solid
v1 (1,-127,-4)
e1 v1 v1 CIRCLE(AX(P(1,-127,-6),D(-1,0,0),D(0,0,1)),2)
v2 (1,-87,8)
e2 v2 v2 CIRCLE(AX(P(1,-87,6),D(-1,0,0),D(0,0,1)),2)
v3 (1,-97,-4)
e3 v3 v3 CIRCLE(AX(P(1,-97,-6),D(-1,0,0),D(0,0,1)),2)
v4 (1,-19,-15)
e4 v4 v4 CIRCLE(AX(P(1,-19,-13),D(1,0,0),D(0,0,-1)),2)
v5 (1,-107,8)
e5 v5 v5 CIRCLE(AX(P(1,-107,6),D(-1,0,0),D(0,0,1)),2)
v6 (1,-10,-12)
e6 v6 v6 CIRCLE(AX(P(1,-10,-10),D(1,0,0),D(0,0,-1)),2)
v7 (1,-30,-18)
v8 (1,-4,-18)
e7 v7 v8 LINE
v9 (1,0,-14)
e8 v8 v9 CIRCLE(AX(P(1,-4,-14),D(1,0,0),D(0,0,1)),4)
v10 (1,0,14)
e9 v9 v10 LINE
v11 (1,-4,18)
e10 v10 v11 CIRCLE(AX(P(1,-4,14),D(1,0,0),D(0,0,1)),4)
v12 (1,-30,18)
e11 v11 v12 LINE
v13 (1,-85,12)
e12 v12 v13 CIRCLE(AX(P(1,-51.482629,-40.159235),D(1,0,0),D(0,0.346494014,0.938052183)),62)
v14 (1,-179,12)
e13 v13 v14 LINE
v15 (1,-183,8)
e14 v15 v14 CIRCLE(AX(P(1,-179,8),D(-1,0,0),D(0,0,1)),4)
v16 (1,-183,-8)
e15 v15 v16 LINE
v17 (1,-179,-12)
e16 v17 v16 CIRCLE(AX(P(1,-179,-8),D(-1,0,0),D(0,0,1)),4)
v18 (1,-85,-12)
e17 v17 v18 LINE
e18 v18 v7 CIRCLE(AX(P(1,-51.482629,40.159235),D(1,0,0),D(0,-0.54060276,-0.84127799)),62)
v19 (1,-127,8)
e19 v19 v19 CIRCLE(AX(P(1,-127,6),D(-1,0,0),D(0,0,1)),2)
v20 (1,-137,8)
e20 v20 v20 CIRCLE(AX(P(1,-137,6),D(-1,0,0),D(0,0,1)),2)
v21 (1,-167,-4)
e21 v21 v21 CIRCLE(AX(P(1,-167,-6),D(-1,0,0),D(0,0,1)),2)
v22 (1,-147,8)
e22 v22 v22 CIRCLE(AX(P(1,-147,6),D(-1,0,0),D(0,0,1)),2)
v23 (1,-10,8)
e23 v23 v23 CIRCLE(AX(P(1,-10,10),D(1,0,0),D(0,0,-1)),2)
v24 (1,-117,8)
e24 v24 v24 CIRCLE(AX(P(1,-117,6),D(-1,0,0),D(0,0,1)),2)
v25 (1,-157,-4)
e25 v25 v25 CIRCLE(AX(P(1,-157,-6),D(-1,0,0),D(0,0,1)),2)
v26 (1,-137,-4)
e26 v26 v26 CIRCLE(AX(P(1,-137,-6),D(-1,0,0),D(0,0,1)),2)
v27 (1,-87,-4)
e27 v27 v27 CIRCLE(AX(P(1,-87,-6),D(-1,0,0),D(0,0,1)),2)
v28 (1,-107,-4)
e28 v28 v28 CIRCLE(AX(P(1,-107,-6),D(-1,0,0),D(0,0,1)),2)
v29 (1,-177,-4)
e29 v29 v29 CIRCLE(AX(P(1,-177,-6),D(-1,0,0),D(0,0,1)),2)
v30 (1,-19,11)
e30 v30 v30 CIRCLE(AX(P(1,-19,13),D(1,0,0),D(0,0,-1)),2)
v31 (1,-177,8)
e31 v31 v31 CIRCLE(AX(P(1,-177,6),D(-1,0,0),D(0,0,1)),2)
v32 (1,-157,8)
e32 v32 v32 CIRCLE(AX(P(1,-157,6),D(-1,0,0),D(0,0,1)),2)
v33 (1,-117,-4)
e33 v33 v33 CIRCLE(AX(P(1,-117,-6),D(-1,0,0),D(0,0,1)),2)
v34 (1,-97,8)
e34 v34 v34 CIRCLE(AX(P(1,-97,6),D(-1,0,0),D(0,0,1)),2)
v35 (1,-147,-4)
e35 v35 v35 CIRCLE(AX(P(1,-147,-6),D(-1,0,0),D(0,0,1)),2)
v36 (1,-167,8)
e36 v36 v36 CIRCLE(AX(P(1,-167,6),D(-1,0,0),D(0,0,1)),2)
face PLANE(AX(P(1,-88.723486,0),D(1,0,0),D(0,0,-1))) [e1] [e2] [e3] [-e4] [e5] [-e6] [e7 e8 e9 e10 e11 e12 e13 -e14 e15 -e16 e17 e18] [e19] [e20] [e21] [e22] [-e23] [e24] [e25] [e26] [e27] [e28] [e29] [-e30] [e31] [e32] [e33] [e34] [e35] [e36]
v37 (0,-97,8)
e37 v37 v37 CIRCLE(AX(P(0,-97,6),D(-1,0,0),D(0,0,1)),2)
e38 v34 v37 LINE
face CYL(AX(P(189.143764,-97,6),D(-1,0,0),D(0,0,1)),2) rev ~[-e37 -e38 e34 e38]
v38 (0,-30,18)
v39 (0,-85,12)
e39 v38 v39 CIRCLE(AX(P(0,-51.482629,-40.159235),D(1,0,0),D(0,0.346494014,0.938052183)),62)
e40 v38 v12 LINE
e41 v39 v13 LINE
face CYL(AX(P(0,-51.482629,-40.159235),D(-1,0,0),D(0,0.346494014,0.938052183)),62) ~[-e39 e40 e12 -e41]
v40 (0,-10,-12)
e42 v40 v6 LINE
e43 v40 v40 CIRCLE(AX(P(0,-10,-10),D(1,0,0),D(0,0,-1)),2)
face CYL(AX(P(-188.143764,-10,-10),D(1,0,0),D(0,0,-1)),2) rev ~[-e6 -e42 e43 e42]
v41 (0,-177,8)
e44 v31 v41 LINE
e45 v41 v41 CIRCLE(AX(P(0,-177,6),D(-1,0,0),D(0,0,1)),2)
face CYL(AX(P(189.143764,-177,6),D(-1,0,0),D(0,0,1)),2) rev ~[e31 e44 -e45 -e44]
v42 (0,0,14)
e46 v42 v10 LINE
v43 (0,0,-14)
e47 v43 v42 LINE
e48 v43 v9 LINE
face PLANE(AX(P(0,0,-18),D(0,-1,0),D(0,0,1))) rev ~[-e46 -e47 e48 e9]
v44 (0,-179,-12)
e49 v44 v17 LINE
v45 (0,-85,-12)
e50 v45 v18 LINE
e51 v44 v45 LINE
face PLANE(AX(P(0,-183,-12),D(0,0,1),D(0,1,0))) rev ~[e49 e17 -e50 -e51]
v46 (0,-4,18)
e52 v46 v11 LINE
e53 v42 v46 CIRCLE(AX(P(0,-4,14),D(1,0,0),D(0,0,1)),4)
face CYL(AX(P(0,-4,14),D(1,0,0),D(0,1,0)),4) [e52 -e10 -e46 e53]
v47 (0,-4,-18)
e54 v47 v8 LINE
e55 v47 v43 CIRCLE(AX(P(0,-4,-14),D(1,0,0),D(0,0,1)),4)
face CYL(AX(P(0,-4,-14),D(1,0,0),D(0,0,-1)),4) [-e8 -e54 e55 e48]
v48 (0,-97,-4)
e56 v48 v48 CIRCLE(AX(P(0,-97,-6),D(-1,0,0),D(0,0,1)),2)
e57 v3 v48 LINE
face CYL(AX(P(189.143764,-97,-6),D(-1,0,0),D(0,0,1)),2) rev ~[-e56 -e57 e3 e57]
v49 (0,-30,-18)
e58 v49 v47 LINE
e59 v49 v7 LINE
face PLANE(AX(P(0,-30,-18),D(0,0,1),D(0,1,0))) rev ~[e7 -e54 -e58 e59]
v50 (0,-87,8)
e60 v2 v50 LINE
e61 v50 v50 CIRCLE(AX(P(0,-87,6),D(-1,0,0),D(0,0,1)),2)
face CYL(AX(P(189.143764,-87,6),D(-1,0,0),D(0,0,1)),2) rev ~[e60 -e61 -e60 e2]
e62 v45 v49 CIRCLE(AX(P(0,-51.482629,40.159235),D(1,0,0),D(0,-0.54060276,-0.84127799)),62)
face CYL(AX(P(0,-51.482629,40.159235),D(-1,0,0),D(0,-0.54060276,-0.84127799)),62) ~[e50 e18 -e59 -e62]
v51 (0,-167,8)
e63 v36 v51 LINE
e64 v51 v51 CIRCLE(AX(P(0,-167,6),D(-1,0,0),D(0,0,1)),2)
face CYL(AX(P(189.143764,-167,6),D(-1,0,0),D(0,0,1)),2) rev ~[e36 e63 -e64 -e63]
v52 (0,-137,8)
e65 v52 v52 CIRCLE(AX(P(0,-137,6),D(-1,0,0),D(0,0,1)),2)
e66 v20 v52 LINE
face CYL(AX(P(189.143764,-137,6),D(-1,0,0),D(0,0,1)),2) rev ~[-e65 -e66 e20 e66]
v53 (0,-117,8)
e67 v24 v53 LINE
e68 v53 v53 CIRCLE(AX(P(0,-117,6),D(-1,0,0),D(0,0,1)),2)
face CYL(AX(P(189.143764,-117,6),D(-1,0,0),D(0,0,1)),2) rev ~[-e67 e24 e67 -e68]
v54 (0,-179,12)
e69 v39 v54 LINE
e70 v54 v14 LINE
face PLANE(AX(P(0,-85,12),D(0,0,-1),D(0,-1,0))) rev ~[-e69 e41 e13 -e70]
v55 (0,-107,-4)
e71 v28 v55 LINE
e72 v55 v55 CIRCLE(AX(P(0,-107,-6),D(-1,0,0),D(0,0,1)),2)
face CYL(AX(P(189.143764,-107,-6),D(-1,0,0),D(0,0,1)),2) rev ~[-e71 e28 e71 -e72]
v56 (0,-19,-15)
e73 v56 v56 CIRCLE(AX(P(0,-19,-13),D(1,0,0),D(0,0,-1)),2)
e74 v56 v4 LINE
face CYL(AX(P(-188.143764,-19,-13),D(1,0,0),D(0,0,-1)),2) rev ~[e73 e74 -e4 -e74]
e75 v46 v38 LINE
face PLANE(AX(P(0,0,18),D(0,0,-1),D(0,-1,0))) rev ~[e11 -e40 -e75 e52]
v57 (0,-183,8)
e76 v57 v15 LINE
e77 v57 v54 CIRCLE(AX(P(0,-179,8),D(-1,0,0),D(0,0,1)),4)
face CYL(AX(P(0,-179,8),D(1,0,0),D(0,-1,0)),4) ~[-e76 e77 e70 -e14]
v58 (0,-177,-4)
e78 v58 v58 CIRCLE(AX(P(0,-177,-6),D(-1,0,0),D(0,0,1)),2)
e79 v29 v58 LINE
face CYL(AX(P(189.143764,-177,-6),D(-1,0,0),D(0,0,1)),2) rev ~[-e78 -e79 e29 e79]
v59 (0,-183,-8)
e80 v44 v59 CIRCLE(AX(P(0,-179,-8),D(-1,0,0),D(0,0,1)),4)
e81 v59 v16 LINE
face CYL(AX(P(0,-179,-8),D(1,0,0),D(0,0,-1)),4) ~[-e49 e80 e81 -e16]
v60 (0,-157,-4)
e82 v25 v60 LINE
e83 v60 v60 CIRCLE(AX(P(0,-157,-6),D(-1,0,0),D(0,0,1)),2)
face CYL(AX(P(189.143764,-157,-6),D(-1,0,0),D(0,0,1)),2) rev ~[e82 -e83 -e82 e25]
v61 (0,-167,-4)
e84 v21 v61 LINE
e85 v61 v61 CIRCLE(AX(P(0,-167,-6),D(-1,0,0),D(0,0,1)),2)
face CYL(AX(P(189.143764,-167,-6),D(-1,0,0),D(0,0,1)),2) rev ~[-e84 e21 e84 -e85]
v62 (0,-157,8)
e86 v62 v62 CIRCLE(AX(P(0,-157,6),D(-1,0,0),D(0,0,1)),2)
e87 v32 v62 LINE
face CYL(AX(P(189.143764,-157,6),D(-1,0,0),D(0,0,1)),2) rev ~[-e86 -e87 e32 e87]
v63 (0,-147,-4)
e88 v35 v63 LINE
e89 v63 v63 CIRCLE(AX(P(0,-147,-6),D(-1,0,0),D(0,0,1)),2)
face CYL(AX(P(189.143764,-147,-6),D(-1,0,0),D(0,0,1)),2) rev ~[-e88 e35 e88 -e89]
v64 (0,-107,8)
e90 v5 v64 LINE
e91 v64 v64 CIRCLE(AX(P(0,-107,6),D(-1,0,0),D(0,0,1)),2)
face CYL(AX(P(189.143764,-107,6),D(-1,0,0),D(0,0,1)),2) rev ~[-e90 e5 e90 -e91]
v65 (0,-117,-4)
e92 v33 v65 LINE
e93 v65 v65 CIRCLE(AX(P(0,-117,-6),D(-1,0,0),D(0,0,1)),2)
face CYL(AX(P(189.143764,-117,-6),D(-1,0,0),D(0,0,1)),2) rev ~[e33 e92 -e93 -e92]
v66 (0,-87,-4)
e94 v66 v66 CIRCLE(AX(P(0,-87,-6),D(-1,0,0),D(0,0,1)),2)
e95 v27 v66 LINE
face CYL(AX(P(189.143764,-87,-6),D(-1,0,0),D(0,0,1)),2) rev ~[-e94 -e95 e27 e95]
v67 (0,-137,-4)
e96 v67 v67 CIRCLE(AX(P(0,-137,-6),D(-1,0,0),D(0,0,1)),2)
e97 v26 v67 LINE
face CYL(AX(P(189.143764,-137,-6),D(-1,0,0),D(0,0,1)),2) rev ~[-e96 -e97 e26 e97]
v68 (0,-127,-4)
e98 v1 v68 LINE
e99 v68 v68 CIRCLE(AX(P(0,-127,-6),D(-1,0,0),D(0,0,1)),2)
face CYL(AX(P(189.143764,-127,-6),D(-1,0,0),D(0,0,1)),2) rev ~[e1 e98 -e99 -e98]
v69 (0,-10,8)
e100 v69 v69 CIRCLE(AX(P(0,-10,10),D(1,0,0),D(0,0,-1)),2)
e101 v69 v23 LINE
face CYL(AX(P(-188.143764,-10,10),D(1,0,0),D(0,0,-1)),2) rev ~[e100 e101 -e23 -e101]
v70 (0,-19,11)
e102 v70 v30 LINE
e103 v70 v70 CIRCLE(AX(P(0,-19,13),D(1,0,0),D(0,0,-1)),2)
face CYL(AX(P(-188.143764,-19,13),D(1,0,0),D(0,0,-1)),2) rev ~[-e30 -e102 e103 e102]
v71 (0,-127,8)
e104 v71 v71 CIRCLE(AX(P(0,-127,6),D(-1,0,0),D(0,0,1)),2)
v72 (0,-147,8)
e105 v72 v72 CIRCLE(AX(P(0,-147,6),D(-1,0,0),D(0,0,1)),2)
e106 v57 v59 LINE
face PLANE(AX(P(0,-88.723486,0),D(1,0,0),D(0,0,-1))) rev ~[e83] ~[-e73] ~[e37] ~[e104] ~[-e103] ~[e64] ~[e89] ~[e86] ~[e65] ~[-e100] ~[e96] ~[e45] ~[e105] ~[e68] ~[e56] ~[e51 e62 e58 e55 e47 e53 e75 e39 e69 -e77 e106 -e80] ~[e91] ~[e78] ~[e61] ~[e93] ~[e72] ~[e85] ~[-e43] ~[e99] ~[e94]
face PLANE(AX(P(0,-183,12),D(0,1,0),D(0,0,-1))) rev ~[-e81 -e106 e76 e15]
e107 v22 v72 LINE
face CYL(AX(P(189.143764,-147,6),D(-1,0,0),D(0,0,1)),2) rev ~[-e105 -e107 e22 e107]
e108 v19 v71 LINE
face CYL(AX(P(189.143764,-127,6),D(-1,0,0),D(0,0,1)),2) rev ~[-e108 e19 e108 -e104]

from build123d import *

# Parameters (mm, degrees)
BOSS_EXTRUDE1_DEPTH      = 1
F_4_0_4_DIAMETER_HOLE3_D = 4
F_4_0_4_DIAMETER_HOLE2_D = 4
F_4_0_4_DIAMETER_HOLE1_D = 4
LPATTERN1_COUNT          = 10
LPATTERN1_PITCH          = 10
FILLET1_R                = 4


with BuildPart() as part:
    # Sketch1 → Boss-Extrude1 (new body)
    with BuildSketch(Plane(origin=(0, 0, 0), x_dir=(0, 0, -1), z_dir=(1, 0, 0))):
        with BuildLine():
            Line((12, -183), (12, -85))
            ThreePointArc((12, -85), (21.475099597, -58.206374501), (18, -30))
            Line((18, -30), (18, 0))
            Line((18, 0), (-18, 0))
            Line((-18, 0), (-18, -30))
            ThreePointArc((-18, -30), (-21.475099597, -58.206374501), (-12, -85))
            Line((-12, -85), (-12, -183))
            Line((-12, -183), (12, -183))
        make_face()
    extrude(amount=BOSS_EXTRUDE1_DEPTH)

    # Ø4.0 (4) Diameter Hole3 (through all)
    with Locations(Plane.ZY):
        with Locations((10, -10), (-10, -10)):
            Hole(F_4_0_4_DIAMETER_HOLE3_D / 2)

    # Ø4.0 (4) Diameter Hole2 (through all)
    with Locations(Plane.ZY):
        with Locations((-13, -19), (13, -19)):
            Hole(F_4_0_4_DIAMETER_HOLE2_D / 2)

    # Ø4.0 (4) Diameter Hole1 (through all)
    with Locations(Plane(origin=(1, 0, 0), x_dir=(0, 0, -1), z_dir=(1, 0, 0))):
        with Locations((-6, -177), (6, -177)):
            f_4_0_4_diameter_hole1 = Hole(F_4_0_4_DIAMETER_HOLE1_D / 2)

    # LPattern1: Ø4.0 (4) Diameter Hole1 ×10
    with Locations(*[(0, i * LPATTERN1_PITCH, 0) for i in range(1, LPATTERN1_COUNT)]):
        add(f_4_0_4_diameter_hole1, mode=Mode.SUBTRACT)

    # Fillet1
    fillet1_edges = [part.edges().sort_by_distance(p)[0] for p in [
        (0.5, 0, 18),
        (0.5, 0, -18),
        (0.5, -183, -12),
        (0.5, -183, 12),
    ]]
    fillet(fillet1_edges, radius=FILLET1_R)


solid = part.part
